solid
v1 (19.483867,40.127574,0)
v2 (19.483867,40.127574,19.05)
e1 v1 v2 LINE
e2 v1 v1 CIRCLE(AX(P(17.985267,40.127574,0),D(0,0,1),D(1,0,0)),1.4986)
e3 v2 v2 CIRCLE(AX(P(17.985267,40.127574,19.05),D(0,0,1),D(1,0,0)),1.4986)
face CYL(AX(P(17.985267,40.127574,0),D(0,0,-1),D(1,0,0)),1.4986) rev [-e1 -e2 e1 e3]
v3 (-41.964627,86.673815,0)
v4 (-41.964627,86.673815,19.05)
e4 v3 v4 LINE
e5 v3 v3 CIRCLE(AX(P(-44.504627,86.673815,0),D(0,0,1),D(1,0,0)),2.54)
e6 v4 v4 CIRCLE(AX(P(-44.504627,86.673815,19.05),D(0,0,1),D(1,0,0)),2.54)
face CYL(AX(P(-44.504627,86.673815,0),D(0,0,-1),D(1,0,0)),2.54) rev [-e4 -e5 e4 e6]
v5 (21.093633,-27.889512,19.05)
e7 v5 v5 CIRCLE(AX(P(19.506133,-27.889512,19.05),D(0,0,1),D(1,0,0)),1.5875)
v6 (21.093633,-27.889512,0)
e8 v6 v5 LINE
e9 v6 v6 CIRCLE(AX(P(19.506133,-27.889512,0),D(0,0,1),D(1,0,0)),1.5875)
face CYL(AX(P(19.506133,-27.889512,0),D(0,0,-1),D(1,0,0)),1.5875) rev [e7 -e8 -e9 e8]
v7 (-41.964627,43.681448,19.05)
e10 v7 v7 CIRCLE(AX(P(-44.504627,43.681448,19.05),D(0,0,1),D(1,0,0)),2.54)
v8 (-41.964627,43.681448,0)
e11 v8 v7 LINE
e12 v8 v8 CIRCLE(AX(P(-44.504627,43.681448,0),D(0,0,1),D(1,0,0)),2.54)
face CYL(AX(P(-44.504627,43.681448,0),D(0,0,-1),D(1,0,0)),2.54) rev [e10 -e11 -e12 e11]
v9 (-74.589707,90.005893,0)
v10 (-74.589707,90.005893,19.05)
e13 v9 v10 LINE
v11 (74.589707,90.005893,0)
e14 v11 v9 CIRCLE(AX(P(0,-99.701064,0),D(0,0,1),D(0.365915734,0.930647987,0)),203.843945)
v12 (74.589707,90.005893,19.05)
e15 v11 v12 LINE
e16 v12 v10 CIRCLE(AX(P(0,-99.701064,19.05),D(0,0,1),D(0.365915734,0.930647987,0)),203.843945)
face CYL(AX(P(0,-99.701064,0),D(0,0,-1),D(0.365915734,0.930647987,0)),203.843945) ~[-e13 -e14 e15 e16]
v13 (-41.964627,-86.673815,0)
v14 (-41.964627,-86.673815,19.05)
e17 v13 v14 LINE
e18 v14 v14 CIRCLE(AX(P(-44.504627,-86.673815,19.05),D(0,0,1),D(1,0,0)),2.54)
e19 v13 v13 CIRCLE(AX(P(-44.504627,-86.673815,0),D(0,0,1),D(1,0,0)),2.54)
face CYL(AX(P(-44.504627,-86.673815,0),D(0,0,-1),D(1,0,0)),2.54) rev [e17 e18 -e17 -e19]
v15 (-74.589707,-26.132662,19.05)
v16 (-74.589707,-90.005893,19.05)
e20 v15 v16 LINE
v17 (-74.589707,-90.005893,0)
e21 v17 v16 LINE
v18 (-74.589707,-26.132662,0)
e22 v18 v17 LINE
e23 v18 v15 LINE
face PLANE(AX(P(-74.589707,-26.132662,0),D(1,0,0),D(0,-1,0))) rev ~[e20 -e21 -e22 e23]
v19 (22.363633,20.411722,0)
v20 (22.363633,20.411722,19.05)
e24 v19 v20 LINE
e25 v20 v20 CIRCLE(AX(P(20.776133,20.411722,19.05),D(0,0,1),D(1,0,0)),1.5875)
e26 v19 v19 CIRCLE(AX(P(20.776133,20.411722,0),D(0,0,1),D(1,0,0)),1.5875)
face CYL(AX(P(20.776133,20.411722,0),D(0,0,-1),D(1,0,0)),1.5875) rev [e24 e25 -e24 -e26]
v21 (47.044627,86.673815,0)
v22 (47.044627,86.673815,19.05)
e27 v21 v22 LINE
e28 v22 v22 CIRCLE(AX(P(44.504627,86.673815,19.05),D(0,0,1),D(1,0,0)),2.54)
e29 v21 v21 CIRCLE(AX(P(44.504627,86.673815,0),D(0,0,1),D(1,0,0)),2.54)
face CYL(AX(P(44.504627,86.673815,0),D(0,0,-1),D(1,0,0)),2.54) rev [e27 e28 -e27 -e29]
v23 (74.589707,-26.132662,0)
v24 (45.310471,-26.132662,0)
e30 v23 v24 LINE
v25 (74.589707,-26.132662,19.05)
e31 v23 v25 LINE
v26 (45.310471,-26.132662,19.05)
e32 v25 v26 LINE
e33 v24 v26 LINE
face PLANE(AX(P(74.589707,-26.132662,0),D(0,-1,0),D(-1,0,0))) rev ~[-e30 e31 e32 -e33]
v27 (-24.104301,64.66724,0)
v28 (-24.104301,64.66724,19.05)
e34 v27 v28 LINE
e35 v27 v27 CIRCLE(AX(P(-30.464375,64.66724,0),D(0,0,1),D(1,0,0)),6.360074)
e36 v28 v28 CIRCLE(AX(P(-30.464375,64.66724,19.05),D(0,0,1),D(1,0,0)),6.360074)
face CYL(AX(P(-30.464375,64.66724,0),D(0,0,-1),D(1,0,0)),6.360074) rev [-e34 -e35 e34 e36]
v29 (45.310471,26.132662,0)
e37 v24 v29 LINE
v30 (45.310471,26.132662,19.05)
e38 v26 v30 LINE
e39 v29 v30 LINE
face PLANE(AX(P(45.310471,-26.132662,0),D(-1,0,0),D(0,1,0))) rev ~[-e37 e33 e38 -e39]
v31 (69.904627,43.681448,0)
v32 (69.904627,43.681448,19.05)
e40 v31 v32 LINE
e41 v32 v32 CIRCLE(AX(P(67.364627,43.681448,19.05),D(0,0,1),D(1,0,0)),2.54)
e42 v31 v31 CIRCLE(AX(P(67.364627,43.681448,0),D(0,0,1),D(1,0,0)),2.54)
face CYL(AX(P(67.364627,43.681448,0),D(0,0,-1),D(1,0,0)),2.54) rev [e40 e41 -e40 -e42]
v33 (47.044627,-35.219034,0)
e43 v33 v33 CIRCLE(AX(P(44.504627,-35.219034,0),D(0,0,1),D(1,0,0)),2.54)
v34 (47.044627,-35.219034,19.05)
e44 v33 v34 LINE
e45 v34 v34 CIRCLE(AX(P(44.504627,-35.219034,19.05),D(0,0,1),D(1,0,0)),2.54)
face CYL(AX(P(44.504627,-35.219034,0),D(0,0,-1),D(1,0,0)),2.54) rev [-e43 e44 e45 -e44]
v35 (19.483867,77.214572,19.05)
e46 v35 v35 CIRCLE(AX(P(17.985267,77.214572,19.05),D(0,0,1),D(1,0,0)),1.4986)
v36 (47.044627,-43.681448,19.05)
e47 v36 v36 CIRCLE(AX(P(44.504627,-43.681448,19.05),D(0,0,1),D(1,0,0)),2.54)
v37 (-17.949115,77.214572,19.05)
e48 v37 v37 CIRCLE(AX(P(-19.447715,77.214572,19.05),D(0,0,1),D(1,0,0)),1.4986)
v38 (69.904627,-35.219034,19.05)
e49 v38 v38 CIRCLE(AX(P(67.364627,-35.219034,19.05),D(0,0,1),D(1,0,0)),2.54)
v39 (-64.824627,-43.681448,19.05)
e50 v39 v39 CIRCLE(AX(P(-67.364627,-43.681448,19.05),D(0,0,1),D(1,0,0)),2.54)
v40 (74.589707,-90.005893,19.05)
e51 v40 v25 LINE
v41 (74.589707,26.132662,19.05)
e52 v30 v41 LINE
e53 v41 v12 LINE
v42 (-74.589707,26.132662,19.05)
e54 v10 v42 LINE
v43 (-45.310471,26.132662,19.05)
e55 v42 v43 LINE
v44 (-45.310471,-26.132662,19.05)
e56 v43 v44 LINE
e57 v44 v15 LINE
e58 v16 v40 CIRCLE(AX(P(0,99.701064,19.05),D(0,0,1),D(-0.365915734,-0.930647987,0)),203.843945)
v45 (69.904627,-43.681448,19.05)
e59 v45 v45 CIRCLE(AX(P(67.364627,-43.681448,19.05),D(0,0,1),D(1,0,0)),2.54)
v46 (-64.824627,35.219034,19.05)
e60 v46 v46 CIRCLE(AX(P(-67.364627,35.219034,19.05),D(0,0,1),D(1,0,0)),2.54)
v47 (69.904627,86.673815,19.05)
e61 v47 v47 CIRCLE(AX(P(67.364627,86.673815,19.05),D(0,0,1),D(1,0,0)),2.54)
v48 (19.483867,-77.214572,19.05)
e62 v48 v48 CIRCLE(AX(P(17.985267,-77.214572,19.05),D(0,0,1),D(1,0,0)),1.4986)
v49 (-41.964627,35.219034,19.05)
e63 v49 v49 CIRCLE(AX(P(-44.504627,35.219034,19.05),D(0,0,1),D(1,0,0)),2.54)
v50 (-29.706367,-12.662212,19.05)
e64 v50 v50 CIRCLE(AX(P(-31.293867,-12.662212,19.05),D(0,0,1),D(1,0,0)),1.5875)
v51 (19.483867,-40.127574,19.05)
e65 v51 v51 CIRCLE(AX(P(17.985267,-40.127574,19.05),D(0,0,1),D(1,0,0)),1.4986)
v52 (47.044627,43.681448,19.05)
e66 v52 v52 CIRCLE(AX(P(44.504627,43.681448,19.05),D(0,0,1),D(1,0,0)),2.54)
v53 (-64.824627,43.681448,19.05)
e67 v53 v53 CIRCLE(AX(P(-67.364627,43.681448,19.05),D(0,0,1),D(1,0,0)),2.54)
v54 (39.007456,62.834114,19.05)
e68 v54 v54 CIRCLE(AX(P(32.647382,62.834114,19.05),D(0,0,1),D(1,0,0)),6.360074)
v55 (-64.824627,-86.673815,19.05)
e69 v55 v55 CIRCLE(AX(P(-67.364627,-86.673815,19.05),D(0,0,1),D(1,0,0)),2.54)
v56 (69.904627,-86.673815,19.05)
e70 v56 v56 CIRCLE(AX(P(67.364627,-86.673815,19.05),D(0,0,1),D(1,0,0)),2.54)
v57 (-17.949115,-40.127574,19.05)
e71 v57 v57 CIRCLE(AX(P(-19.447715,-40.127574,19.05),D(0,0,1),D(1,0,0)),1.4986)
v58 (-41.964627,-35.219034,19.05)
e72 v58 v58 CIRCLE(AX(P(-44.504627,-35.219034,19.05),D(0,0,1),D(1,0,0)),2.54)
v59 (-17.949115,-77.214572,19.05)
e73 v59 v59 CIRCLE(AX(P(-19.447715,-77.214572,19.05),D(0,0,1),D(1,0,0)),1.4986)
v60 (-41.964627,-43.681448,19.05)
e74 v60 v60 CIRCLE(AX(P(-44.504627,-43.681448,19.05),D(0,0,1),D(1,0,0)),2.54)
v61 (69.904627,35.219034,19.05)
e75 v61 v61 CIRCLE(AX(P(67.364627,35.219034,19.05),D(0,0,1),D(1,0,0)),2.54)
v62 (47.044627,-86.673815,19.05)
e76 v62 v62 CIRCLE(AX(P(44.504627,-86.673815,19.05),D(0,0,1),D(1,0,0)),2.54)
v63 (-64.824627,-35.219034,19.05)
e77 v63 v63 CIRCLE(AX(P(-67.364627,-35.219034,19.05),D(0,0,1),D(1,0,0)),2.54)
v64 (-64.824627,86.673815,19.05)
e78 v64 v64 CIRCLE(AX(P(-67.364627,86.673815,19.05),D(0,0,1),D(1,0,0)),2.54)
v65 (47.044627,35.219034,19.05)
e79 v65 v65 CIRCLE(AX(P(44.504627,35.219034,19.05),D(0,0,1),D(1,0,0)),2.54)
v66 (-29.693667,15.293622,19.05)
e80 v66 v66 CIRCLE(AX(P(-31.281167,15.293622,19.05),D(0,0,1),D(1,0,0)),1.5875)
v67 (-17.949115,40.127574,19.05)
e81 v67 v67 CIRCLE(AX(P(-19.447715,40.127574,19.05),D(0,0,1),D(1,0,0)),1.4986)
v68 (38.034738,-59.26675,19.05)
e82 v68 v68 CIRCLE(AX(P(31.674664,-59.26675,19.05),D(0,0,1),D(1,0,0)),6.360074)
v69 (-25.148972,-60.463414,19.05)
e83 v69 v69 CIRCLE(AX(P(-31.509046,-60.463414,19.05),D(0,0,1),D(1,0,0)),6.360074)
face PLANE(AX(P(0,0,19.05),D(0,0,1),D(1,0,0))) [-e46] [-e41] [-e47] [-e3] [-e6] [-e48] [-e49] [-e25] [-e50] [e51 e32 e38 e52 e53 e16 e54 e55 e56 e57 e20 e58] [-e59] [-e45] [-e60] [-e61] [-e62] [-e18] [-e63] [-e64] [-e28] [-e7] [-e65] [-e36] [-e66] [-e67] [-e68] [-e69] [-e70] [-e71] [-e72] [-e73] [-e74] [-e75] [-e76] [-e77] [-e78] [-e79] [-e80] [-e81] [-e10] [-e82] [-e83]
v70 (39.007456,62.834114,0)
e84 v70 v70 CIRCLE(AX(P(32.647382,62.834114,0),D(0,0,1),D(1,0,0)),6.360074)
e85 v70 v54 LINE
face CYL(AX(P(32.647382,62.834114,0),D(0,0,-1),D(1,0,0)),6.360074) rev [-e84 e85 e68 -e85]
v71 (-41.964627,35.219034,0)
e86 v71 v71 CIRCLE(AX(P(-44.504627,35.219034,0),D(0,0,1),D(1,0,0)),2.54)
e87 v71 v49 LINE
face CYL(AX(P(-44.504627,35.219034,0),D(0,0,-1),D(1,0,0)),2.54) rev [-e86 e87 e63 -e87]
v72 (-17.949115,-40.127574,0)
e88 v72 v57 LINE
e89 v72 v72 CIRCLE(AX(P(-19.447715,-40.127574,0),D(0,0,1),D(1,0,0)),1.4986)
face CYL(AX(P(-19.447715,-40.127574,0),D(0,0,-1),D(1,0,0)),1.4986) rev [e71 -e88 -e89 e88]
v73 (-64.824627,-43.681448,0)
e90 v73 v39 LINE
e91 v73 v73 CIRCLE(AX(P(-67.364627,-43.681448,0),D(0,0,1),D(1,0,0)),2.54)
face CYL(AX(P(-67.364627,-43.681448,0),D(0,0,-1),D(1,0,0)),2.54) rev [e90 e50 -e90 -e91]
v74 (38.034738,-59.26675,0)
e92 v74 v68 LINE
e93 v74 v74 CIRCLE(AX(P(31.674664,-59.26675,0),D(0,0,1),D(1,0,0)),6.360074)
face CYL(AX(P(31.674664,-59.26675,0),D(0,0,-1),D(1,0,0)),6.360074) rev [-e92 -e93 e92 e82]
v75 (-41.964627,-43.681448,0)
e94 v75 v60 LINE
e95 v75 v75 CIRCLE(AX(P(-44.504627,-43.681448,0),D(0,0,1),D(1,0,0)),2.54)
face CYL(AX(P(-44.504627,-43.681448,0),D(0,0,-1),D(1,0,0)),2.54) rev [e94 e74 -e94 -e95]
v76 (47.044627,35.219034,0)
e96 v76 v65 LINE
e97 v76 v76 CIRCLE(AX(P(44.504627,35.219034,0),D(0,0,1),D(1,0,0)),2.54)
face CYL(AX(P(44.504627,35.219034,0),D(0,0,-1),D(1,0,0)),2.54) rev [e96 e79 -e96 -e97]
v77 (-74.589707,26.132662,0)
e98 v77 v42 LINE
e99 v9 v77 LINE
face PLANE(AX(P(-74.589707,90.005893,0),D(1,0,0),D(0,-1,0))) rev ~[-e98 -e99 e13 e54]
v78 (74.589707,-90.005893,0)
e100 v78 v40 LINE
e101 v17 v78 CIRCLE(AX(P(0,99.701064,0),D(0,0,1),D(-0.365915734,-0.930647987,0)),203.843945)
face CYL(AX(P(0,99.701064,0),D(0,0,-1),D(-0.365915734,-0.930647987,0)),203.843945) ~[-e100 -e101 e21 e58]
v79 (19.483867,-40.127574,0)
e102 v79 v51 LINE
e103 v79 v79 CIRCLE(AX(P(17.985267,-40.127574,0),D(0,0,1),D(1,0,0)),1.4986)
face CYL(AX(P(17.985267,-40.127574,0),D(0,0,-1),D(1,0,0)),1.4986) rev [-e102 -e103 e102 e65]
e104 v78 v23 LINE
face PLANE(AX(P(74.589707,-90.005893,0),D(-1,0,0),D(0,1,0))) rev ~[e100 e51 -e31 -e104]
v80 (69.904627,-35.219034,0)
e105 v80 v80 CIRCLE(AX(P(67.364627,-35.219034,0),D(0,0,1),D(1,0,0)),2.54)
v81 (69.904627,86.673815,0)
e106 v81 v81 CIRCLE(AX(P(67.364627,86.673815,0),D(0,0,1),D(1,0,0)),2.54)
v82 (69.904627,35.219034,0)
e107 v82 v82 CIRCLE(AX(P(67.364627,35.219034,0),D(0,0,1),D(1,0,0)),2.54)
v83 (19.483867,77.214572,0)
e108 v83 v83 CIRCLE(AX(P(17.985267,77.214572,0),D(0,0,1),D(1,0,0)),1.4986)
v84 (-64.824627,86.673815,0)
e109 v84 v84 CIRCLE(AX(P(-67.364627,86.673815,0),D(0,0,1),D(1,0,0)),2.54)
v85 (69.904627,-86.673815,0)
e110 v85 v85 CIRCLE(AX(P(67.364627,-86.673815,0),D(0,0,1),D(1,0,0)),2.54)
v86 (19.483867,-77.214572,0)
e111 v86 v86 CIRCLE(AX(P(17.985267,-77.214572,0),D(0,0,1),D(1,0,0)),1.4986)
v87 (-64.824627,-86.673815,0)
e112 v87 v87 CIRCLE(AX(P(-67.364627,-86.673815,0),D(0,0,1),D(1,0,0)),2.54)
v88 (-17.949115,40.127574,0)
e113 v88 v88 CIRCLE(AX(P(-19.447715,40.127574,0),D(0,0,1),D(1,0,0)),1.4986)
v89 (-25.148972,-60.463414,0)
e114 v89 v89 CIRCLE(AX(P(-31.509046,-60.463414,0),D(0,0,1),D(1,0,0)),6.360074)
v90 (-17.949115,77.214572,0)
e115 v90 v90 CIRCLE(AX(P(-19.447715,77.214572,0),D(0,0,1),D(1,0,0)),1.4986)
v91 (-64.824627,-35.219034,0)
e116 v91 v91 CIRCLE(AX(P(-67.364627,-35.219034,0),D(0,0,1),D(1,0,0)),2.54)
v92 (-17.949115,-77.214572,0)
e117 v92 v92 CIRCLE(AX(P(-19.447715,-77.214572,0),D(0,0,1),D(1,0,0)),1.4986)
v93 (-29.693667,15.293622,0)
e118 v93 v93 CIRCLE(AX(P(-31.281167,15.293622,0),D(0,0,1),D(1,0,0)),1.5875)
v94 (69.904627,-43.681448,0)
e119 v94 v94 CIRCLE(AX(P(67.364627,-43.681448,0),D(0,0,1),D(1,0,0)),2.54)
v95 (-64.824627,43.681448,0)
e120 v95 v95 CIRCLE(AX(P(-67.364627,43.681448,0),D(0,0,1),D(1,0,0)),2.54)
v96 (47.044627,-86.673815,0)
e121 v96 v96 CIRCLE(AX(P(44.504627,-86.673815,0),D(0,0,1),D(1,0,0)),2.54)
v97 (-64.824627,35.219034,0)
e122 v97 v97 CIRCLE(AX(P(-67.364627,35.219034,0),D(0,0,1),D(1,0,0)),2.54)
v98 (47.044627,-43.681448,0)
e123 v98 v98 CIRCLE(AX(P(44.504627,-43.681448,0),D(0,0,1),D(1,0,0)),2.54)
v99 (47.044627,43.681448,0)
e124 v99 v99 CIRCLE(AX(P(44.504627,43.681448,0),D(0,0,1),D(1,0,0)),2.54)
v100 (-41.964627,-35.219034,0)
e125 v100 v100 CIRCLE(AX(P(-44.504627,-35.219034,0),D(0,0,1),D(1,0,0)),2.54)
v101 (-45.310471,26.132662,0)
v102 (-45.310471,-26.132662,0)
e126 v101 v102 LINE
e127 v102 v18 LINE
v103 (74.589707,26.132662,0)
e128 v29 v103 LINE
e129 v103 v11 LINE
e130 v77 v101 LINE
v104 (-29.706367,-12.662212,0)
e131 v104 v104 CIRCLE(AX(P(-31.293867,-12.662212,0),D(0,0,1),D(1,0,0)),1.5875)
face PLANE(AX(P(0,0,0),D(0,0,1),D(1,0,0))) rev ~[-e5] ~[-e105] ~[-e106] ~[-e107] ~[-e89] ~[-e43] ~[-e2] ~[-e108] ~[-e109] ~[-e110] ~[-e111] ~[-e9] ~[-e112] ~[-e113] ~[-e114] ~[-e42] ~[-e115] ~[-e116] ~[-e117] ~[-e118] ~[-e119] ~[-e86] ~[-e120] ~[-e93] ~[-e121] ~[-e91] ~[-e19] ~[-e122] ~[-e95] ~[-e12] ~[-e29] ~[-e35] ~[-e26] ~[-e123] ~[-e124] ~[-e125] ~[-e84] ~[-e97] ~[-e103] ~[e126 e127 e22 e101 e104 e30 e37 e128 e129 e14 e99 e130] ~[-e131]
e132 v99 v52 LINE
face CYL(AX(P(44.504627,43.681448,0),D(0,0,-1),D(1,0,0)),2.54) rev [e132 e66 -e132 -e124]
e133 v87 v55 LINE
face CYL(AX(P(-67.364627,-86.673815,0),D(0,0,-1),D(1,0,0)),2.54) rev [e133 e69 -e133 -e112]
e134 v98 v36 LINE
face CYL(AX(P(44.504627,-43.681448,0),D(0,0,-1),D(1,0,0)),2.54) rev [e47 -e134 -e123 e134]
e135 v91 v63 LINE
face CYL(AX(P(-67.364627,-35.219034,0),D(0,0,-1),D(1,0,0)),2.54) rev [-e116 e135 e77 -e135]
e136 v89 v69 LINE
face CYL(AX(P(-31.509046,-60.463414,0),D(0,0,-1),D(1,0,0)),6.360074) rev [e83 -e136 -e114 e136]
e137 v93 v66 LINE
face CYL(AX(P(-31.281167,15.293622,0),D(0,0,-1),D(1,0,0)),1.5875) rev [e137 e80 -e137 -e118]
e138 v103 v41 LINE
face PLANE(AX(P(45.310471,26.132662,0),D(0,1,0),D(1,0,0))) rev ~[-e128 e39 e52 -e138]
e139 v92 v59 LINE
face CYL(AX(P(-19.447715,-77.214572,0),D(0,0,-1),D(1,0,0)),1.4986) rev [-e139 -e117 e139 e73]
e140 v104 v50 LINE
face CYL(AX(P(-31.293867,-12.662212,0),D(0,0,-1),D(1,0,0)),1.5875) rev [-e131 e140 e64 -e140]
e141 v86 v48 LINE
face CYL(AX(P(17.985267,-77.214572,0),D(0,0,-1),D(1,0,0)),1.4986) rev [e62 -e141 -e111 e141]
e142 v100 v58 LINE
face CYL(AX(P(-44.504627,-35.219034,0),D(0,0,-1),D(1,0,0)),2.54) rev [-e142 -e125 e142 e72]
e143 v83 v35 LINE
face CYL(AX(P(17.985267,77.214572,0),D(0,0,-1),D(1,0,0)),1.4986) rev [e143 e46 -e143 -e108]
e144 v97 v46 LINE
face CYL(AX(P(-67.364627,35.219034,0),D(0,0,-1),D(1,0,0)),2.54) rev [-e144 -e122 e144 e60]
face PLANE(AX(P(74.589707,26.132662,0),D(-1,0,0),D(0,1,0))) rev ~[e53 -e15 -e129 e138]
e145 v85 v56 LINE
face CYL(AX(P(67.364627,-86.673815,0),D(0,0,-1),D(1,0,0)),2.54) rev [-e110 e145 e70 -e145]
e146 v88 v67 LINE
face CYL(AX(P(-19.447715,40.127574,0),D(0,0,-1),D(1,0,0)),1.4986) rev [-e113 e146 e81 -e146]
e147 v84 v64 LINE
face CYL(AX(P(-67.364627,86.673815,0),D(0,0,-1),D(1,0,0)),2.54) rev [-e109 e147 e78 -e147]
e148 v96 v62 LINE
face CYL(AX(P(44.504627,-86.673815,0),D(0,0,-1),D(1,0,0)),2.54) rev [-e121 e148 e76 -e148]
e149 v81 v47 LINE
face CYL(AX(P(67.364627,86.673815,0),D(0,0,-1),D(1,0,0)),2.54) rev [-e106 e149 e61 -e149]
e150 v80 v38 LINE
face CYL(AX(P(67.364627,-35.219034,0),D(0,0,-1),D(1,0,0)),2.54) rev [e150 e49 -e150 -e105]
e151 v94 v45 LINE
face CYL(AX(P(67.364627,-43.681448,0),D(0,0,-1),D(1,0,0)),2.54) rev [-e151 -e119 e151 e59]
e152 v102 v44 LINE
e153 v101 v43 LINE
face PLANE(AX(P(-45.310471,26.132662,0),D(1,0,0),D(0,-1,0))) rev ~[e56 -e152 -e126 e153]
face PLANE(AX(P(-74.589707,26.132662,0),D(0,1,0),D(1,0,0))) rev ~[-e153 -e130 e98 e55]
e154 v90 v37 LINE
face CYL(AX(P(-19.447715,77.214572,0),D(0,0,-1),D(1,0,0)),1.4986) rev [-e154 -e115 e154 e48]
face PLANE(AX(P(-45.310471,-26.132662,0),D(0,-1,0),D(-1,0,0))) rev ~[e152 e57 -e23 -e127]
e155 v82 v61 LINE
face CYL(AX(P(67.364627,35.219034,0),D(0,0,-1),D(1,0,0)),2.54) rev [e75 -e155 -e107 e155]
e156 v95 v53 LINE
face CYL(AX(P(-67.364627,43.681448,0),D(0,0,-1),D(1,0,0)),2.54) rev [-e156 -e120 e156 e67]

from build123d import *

# Parameters (mm, degrees)
F0_R     = 2.54
F0_R_2   = 1.4986
F0_R_3   = 6.360074
F0_R_4   = 1.5875
F1_DEPTH = 19.05


with BuildPart() as f1:
    # F0 (on Top) → F1 (new body)
    with BuildSketch(Plane.XY):
        with BuildLine():
            Line((74.589707, 26.132662), (74.589707, 90.005893))
            ThreePointArc((74.589707, 90.005893), (0, 104.142881), (-74.589707, 90.005893))
            Line((-74.589707, 90.005893), (-74.589707, 26.132662))
            Line((-74.589707, 26.132662), (-45.310471, 26.132662))
            Line((-45.310471, 26.132662), (-45.310471, -26.132662))
            Line((-45.310471, -26.132662), (-74.589707, -26.132662))
            Line((-74.589707, -26.132662), (-74.589707, -90.005893))
            ThreePointArc((-74.589707, -90.005893), (0, -104.142881), (74.589707, -90.005893))
            Line((74.589707, -90.005893), (74.589707, -26.132662))
            Line((74.589707, -26.132662), (45.310471, -26.132662))
            Line((45.310471, -26.132662), (45.310471, 26.132662))
            Line((45.310471, 26.132662), (74.589707, 26.132662))
        make_face()
        with Locations((-67.364627, -86.673815)):
            Circle(F0_R, mode=Mode.SUBTRACT)
        with Locations((-44.504627, -86.673815)):
            Circle(F0_R, mode=Mode.SUBTRACT)
        with Locations((-19.447715, -77.214572)):
            Circle(F0_R_2, mode=Mode.SUBTRACT)
        with Locations((-31.509046, -60.463414)):
            Circle(F0_R_3, mode=Mode.SUBTRACT)
        with Locations((-67.364627, -43.681448)):
            Circle(F0_R, mode=Mode.SUBTRACT)
        with Locations((-67.364627, -35.219034)):
            Circle(F0_R, mode=Mode.SUBTRACT)
        with Locations((-44.504627, -43.681448)):
            Circle(F0_R, mode=Mode.SUBTRACT)
        with Locations((-44.504627, -35.219034)):
            Circle(F0_R, mode=Mode.SUBTRACT)
        with Locations((-19.447715, -40.127574)):
            Circle(F0_R_2, mode=Mode.SUBTRACT)
        with Locations((-31.293867, -12.662212)):
            Circle(F0_R_4, mode=Mode.SUBTRACT)
        with Locations((17.985267, -77.214572)):
            Circle(F0_R_2, mode=Mode.SUBTRACT)
        with Locations((31.674664, -59.26675)):
            Circle(F0_R_3, mode=Mode.SUBTRACT)
        with Locations((44.504627, -86.673815)):
            Circle(F0_R, mode=Mode.SUBTRACT)
        with Locations((67.364627, -86.673815)):
            Circle(F0_R, mode=Mode.SUBTRACT)
        with Locations((17.985267, -40.127574)):
            Circle(F0_R_2, mode=Mode.SUBTRACT)
        with Locations((19.506133, -27.889512)):
            Circle(F0_R_4, mode=Mode.SUBTRACT)
        with Locations((44.504627, -43.681448)):
            Circle(F0_R, mode=Mode.SUBTRACT)
        with Locations((44.504627, -35.219034)):
            Circle(F0_R, mode=Mode.SUBTRACT)
        with Locations((67.364627, -43.681448)):
            Circle(F0_R, mode=Mode.SUBTRACT)
        with Locations((67.364627, -35.219034)):
            Circle(F0_R, mode=Mode.SUBTRACT)
        with Locations((-67.364627, 35.219034)):
            Circle(F0_R, mode=Mode.SUBTRACT)
        with Locations((-67.364627, 43.681448)):
            Circle(F0_R, mode=Mode.SUBTRACT)
        with Locations((-44.504627, 35.219034)):
            Circle(F0_R, mode=Mode.SUBTRACT)
        with Locations((-44.504627, 43.681448)):
            Circle(F0_R, mode=Mode.SUBTRACT)
        with Locations((-31.281167, 15.293622)):
            Circle(F0_R_4, mode=Mode.SUBTRACT)
        with Locations((-19.447715, 40.127574)):
            Circle(F0_R_2, mode=Mode.SUBTRACT)
        with Locations((-67.364627, 86.673815)):
            Circle(F0_R, mode=Mode.SUBTRACT)
        with Locations((-44.504627, 86.673815)):
            Circle(F0_R, mode=Mode.SUBTRACT)
        with Locations((-30.464375, 64.66724)):
            Circle(F0_R_3, mode=Mode.SUBTRACT)
        with Locations((-19.447715, 77.214572)):
            Circle(F0_R_2, mode=Mode.SUBTRACT)
        with Locations((20.776133, 20.411722)):
            Circle(F0_R_4, mode=Mode.SUBTRACT)
        with Locations((17.985267, 40.127574)):
            Circle(F0_R_2, mode=Mode.SUBTRACT)
        with Locations((44.504627, 35.219034)):
            Circle(F0_R, mode=Mode.SUBTRACT)
        with Locations((44.504627, 43.681448)):
            Circle(F0_R, mode=Mode.SUBTRACT)
        with Locations((67.364627, 35.219034)):
            Circle(F0_R, mode=Mode.SUBTRACT)
        with Locations((67.364627, 43.681448)):
            Circle(F0_R, mode=Mode.SUBTRACT)
        with Locations((17.985267, 77.214572)):
            Circle(F0_R_2, mode=Mode.SUBTRACT)
        with Locations((32.647382, 62.834114)):
            Circle(F0_R_3, mode=Mode.SUBTRACT)
        with Locations((44.504627, 86.673815)):
            Circle(F0_R, mode=Mode.SUBTRACT)
        with Locations((67.364627, 86.673815)):
            Circle(F0_R, mode=Mode.SUBTRACT)
    extrude(amount=F1_DEPTH)


solid = f1.part
